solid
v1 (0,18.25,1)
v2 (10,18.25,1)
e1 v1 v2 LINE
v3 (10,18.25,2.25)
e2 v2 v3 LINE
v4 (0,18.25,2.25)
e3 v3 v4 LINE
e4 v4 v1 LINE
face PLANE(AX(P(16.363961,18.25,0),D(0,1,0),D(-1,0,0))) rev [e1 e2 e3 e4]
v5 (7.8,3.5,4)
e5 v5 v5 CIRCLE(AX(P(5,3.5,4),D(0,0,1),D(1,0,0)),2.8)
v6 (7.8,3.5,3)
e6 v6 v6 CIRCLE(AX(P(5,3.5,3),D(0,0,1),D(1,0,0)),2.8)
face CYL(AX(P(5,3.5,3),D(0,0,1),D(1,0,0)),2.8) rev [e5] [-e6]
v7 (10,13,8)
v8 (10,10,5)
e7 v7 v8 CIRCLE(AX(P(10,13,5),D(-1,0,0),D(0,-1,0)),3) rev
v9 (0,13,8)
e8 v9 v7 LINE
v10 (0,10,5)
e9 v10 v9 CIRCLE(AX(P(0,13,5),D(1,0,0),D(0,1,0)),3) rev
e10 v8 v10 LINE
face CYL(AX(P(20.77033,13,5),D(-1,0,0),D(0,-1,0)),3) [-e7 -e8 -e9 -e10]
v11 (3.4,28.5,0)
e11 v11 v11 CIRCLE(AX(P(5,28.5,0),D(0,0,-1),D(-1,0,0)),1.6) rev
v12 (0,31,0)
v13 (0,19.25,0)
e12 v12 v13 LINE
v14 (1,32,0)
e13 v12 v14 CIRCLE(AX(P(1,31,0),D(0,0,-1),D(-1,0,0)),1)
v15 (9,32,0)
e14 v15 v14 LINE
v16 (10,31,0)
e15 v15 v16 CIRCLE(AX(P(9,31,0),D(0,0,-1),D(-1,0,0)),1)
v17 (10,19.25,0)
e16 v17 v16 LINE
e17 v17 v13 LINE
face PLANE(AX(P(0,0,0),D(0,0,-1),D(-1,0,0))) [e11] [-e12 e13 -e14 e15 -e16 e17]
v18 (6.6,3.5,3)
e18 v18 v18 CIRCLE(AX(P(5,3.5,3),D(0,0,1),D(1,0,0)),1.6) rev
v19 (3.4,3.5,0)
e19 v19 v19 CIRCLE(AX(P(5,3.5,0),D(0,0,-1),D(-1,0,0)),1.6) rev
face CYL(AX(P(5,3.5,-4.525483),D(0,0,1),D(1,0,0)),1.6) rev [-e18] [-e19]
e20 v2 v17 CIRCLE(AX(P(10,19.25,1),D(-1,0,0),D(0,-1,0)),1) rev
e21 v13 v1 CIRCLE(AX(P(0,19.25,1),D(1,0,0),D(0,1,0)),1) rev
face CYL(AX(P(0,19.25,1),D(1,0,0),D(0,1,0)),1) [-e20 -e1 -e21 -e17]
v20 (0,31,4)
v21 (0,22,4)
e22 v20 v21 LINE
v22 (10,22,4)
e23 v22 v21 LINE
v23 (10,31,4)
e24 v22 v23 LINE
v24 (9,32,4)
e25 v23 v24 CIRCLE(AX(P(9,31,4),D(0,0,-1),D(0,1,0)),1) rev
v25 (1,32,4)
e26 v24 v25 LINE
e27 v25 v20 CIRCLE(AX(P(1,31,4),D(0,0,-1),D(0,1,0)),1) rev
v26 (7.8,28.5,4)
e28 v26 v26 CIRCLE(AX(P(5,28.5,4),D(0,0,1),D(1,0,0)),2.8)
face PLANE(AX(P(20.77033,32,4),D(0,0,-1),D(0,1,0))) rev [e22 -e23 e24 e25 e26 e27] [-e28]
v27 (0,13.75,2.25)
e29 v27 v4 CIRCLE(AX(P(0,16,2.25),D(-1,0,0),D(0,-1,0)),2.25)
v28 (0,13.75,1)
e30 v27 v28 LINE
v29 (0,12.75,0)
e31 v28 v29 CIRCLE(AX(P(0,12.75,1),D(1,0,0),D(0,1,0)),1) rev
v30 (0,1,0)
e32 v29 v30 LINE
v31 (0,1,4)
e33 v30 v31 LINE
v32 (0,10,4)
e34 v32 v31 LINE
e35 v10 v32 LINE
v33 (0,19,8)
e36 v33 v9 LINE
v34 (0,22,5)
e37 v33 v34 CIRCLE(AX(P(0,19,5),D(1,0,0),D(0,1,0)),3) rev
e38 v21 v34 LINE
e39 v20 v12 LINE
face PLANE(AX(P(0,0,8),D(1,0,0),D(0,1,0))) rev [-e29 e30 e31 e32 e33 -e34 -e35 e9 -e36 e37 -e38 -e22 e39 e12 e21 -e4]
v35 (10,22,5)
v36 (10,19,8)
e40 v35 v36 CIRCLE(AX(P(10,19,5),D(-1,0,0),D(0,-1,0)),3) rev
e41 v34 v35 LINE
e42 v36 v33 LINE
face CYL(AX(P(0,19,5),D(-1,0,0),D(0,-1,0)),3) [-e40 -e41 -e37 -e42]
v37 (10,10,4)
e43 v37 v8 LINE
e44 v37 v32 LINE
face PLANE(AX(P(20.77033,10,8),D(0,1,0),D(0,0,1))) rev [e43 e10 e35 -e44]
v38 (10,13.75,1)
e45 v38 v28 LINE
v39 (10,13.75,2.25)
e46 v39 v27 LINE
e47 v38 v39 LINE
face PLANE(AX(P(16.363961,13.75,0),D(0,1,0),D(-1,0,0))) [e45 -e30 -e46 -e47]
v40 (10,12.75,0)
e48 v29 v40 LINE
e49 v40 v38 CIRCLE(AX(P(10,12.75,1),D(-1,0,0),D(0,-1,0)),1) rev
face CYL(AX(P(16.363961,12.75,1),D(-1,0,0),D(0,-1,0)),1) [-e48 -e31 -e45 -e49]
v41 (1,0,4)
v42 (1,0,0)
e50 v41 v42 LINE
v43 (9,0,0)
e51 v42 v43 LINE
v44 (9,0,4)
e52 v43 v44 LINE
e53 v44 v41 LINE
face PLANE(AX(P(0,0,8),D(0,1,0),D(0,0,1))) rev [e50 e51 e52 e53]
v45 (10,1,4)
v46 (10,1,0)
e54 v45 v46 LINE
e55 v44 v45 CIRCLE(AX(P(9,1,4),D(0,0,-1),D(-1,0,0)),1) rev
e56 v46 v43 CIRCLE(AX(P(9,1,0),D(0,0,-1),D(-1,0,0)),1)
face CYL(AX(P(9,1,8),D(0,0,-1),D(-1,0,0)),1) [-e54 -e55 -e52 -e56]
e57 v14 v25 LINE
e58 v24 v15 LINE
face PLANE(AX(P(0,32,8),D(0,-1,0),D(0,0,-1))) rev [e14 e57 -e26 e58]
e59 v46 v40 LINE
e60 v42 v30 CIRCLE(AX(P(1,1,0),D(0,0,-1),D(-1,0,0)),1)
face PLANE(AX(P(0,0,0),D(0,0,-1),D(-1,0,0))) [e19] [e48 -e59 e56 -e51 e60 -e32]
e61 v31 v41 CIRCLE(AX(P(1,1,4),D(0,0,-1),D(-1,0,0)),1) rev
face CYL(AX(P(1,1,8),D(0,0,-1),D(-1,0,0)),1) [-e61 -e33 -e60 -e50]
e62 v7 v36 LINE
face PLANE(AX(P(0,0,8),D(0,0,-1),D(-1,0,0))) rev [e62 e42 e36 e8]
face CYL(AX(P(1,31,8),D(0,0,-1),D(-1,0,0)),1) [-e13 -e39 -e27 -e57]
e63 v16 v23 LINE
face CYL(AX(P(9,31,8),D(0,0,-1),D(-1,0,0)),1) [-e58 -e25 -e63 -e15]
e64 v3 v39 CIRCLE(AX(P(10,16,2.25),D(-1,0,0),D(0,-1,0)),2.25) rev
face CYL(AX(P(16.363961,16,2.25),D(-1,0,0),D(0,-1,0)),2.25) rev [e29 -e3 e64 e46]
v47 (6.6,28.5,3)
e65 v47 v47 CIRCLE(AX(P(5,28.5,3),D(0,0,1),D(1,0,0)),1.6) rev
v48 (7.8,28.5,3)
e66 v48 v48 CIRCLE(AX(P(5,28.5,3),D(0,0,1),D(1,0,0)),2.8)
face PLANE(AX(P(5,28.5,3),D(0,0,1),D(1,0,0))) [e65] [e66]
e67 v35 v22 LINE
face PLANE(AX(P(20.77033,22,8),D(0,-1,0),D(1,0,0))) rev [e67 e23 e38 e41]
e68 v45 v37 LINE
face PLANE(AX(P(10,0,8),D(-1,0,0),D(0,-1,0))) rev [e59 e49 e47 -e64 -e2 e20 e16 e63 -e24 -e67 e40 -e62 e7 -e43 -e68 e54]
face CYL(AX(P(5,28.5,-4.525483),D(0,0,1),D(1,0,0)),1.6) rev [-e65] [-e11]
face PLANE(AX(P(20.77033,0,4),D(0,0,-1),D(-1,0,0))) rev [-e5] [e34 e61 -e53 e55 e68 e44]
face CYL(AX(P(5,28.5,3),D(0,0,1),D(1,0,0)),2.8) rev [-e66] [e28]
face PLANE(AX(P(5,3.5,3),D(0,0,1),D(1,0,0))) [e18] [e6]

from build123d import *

# Parameters (mm, degrees)
CROQUIS1_W              = 10
CROQUIS1_H              = 32
SALIENTE_EXTRUIR1_DEPTH = 8
CROQUIS2_R              = 1.6
CORTAR_EXTRUIR1_DEPTH   = 8
CROQUIS3_R              = 2.25
CORTAR_EXTRUIR2_DEPTH   = 10
REDONDEO1_R             = 1
CORTAR_EXTRUIR3_START   = -10
CROQUIS4_W              = 4
CROQUIS4_H              = 10
CORTAR_EXTRUIR3_DEPTH   = 10
REDONDEO2_R             = 3
REDONDEO3_R             = 1
CROQUIS5_R              = 2.8
CORTAR_EXTRUIR4_DEPTH   = 1


with BuildPart() as part:
    # Croquis1 → Saliente-Extruir1 (new body)
    with BuildSketch(Plane.XY):
        with Locations((5, 16)):
            Rectangle(CROQUIS1_W, CROQUIS1_H)
    extrude(amount=SALIENTE_EXTRUIR1_DEPTH)

    # Croquis2 → Cortar-Extruir1 (cut)
    with BuildSketch(Plane.XY.offset(8)):
        with Locations((5, 28.5)):
            Circle(CROQUIS2_R)
        with Locations((5, 3.5)):
            Circle(CROQUIS2_R)
    extrude(amount=-CORTAR_EXTRUIR1_DEPTH, mode=Mode.SUBTRACT)

    # Croquis3 → Cortar-Extruir2 (cut)
    with BuildSketch(Plane.ZY):
        with Locations((2.25, 16)):
            Circle(CROQUIS3_R)
        with BuildLine():
            ThreePointArc((0, 16.000000003), (0.659009743, 17.590990259), (2.25, 18.25))
            Line((2.25, 18.25), (0, 18.25))
            Line((0, 18.25), (0, 16.000000003))
        make_face()
        with BuildLine():
            ThreePointArc((2.25, 13.75), (0.659009741, 14.409009743), (0, 16.000000003))
            Line((0, 16.000000003), (0, 13.75))
            Line((0, 13.75), (2.25, 13.75))
        make_face()
    extrude(amount=-CORTAR_EXTRUIR2_DEPTH, mode=Mode.SUBTRACT)

    # Redondeo1
    redondeo1_edges = [part.edges().sort_by_distance(p)[0] for p in [
        (5, 13.75, 0),
        (5, 18.25, 0),
    ]]
    fillet(redondeo1_edges, radius=REDONDEO1_R)

    # Croquis4 → Cortar-Extruir3 (cut)
    with BuildSketch(Plane.ZY.offset(CORTAR_EXTRUIR3_START)):
        with Locations((6, 27)):
            Rectangle(CROQUIS4_W, CROQUIS4_H)
        with Locations((6, 5)):
            Rectangle(CROQUIS4_W, CROQUIS4_H)
    extrude(amount=CORTAR_EXTRUIR3_DEPTH, mode=Mode.SUBTRACT)

    # Redondeo2
    redondeo2_edges = [part.edges().sort_by_distance(p)[0] for p in [
        (5, 22, 8),
        (5, 10, 8),
    ]]
    fillet(redondeo2_edges, radius=REDONDEO2_R)

    # Redondeo3
    redondeo3_edges = [part.edges().sort_by_distance(p)[0] for p in [
        (0, 32, 2),
        (10, 32, 2),
        (10, 0, 2),
        (0, 0, 2),
    ]]
    fillet(redondeo3_edges, radius=REDONDEO3_R)

    # Croquis5 → Cortar-Extruir4 (cut)
    with BuildSketch(Plane.XY.offset(4)):
        with Locations((5, 28.5)):
            Circle(CROQUIS5_R)
        with Locations((5, 3.5)):
            Circle(CROQUIS5_R)
    extrude(amount=-CORTAR_EXTRUIR4_DEPTH, mode=Mode.SUBTRACT)


solid = part.part
